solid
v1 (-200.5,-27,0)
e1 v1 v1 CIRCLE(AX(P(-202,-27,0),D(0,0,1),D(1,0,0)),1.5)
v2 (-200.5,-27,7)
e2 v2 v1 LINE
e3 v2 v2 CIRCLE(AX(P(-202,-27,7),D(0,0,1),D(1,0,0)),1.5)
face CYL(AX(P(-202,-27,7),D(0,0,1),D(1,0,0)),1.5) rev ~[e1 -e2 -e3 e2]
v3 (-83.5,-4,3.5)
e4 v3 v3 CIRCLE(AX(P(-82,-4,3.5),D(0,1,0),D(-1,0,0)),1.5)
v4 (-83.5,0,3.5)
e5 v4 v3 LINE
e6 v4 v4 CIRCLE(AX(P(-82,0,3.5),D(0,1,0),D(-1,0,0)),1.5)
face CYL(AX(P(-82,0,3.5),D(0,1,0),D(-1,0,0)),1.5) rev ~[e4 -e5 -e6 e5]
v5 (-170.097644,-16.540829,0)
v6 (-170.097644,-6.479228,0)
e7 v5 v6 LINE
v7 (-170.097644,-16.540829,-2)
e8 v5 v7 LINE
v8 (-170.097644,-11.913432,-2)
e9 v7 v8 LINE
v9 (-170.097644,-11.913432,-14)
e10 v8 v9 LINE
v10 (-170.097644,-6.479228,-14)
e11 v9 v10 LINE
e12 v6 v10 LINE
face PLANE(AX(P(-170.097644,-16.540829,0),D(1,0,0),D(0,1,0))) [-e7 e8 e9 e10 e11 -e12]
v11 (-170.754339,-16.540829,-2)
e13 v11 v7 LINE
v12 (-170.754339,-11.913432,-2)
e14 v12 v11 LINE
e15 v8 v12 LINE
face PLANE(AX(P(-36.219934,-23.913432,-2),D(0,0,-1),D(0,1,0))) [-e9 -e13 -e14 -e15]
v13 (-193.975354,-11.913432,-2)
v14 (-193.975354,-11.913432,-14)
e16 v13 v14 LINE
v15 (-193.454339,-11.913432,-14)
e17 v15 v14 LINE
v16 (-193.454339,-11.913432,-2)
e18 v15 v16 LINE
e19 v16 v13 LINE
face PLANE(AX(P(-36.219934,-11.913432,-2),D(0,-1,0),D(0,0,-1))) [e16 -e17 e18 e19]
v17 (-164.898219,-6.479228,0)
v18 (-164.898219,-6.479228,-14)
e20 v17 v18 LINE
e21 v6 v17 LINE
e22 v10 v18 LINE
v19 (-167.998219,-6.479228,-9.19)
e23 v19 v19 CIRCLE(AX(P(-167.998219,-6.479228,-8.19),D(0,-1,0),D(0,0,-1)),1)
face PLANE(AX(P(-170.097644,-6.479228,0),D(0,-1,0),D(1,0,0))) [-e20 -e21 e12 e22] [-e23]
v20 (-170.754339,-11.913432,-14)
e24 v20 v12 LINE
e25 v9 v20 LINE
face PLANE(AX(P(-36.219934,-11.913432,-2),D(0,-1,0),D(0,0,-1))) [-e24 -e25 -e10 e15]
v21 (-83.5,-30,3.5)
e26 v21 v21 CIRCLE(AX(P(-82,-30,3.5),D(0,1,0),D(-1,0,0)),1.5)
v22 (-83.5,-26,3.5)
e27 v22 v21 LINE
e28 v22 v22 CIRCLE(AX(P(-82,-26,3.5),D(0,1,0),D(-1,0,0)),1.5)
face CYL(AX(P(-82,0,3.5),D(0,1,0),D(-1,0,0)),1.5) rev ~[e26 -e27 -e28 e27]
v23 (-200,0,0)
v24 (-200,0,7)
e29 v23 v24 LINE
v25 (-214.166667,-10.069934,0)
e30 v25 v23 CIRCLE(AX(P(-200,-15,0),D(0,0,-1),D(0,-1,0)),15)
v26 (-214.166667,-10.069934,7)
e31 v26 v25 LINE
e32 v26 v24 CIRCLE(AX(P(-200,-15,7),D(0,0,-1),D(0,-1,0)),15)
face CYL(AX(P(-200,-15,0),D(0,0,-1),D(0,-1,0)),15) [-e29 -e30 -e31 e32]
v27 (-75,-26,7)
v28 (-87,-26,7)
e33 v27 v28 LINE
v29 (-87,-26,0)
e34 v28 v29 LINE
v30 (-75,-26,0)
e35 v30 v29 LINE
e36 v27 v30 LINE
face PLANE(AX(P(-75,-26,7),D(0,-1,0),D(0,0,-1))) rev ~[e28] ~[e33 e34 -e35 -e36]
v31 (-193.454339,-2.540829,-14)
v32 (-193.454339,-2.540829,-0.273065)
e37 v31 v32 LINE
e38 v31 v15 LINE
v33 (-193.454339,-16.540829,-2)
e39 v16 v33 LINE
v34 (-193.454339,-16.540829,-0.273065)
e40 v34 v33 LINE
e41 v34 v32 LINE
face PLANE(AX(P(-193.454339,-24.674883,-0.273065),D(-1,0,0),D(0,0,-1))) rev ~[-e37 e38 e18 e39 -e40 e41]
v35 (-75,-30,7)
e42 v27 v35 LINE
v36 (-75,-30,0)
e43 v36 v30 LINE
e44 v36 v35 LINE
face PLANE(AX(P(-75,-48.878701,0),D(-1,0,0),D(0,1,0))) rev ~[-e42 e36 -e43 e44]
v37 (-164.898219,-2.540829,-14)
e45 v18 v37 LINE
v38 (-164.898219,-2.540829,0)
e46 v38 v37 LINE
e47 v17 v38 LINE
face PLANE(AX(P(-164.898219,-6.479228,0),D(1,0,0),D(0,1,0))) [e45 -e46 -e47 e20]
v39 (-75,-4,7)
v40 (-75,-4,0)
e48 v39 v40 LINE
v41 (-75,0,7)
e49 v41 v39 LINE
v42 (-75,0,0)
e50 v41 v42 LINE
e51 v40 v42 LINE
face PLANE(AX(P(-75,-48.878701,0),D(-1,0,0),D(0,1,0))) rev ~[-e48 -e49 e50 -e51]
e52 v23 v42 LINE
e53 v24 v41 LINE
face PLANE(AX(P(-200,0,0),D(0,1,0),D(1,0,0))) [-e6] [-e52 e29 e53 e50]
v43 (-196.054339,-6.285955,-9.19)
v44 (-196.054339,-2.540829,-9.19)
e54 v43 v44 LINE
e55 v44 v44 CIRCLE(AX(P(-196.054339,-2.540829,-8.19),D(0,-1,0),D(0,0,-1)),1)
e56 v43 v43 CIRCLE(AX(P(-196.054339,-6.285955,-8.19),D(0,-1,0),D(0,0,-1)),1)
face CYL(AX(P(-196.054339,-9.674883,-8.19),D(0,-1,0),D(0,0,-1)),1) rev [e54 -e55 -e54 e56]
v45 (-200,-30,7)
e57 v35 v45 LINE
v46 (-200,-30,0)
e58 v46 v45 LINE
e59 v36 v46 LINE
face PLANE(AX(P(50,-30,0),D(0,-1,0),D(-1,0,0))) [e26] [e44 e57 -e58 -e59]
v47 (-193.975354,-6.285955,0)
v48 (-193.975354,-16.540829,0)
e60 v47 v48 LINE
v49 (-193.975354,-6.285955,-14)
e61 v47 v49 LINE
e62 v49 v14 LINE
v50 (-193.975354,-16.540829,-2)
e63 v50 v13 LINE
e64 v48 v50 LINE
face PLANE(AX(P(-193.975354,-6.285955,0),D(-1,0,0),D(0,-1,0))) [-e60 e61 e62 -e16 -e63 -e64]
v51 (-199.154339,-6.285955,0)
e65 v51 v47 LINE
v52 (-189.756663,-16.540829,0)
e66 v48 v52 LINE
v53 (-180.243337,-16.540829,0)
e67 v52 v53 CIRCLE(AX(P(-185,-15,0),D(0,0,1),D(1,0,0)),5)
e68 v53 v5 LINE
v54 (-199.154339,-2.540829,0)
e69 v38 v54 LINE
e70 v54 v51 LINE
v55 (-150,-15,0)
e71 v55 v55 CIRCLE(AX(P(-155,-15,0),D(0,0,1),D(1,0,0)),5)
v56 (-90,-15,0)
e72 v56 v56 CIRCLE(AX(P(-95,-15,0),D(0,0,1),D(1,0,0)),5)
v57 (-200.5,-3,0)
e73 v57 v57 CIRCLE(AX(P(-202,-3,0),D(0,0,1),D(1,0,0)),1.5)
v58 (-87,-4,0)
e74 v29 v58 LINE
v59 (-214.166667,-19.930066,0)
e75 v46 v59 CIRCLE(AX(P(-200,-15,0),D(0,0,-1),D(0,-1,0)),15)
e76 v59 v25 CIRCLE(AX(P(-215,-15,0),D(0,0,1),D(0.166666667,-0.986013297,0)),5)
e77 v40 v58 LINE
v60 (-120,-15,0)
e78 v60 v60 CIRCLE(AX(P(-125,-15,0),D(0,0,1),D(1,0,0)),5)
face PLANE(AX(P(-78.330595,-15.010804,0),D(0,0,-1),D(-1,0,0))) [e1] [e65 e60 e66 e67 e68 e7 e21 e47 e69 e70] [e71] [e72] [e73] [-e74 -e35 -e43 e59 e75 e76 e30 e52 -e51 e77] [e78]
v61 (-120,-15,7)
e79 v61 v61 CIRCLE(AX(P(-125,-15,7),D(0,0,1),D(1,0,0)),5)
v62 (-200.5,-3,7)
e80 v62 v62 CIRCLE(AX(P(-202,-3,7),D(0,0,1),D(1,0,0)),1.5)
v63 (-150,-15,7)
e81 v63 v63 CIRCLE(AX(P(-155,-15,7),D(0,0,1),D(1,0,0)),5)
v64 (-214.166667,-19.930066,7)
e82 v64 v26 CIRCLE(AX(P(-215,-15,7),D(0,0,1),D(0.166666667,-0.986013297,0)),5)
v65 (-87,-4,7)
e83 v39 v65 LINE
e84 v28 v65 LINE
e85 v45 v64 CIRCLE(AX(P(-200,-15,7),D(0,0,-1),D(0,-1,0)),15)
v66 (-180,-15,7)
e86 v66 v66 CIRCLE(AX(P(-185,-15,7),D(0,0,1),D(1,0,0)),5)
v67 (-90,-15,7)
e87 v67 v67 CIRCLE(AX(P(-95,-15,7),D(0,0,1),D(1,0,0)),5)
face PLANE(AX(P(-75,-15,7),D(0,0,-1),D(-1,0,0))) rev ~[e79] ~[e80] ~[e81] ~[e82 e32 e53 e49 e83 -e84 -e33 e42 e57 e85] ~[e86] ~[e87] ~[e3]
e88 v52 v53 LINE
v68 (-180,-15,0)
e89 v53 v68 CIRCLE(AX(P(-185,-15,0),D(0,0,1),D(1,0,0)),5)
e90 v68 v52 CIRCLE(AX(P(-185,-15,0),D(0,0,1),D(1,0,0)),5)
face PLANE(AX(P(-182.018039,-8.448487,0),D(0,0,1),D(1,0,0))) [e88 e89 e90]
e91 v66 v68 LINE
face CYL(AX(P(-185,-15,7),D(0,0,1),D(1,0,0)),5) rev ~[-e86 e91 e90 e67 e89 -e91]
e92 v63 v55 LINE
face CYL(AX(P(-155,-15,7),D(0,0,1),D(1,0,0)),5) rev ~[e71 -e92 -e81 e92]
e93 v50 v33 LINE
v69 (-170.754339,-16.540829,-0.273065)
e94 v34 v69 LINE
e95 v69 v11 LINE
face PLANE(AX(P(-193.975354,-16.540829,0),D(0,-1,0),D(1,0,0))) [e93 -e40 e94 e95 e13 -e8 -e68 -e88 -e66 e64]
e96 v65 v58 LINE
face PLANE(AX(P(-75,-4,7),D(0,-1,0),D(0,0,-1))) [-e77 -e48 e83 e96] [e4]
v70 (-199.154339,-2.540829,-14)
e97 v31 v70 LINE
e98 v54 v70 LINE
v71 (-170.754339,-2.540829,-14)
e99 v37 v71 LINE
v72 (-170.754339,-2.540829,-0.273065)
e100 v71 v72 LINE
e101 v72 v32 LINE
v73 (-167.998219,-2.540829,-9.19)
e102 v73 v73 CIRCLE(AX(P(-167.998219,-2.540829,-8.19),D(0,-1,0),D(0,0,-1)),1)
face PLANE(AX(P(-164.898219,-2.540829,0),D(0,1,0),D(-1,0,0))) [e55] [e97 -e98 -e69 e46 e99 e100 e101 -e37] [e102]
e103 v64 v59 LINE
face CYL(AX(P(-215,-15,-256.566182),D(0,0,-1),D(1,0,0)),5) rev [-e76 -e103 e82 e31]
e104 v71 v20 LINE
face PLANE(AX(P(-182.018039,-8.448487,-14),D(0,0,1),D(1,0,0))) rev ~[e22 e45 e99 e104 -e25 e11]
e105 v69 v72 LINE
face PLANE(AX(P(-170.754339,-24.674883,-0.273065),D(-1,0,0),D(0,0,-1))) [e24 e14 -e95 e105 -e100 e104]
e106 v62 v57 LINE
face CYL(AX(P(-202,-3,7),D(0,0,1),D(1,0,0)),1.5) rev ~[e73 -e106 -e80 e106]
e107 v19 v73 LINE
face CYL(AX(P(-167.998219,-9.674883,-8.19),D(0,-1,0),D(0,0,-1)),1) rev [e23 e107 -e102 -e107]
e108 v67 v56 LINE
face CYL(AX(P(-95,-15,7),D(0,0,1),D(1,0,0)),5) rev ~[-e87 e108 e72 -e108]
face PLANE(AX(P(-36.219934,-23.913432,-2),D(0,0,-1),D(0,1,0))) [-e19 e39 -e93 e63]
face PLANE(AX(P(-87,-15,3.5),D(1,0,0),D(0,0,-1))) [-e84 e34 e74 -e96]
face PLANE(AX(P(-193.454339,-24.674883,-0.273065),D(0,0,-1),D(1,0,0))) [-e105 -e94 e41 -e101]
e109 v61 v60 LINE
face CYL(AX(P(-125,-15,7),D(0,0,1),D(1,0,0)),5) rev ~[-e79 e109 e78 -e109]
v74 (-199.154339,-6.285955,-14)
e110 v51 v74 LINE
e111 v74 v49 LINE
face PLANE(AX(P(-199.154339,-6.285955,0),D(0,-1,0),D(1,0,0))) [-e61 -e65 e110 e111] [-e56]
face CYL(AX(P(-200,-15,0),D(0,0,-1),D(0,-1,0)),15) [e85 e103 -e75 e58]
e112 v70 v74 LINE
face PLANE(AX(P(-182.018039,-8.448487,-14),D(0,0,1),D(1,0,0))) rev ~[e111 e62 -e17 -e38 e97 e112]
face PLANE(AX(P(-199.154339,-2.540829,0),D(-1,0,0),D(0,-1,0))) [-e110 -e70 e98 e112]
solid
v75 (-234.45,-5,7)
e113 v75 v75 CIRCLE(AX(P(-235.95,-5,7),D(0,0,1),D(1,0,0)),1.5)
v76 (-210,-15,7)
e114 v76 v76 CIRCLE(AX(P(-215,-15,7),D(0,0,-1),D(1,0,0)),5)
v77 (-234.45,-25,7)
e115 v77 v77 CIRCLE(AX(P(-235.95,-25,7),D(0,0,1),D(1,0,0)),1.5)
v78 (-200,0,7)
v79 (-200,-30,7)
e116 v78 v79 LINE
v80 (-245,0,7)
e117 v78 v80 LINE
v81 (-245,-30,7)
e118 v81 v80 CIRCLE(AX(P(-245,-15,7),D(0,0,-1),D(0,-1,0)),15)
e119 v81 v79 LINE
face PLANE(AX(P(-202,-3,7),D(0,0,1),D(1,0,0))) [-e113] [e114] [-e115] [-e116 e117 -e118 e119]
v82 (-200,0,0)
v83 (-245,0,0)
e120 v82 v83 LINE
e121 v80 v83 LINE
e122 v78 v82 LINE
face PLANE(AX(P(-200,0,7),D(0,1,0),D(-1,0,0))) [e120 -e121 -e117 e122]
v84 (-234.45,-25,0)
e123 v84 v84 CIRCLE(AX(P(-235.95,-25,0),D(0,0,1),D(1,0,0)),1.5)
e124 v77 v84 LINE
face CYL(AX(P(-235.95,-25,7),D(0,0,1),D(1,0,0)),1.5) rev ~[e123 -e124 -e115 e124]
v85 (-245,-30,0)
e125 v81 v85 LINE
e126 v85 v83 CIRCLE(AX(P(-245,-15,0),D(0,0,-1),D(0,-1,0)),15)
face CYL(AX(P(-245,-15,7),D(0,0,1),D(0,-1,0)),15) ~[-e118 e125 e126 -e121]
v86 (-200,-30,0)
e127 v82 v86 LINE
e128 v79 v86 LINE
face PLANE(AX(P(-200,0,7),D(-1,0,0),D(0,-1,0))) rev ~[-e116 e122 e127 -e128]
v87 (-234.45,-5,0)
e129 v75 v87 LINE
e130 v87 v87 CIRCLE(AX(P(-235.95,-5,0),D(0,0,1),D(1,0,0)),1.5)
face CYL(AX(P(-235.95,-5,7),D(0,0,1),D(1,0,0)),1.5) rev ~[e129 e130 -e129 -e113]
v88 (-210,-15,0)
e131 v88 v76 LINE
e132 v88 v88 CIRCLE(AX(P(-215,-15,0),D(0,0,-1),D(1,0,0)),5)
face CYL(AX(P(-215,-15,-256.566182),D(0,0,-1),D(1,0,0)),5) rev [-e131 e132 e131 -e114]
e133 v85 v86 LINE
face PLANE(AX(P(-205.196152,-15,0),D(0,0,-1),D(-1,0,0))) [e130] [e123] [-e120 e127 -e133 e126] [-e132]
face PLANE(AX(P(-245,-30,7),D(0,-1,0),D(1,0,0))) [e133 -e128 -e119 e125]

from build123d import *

# Parameters (mm, degrees)
BOSS_EXTRUDE1_DEPTH             = 7
SKETCH2_R                       = 5
CUT_EXTRUDE1_DEPTH              = 7
LPATTERN1_COUNT                 = 7
LPATTERN1_PITCH                 = 30
SKETCH6_R                       = 5
CUT_EXTRUDE2_DEPTH              = 10
BOSS_EXTRUDE2_DEPTH             = 21
CUT_EXTRUDE3_DEPTH              = 21
CUT_EXTRUDE4_REACH              = 220.014
SKETCH9_R                       = 1.5
CUT_EXTRUDE5_REACH              = 220.771
SKETCH10_W                      = 5.271518542
SKETCH10_H                      = 23.219312301
BOSS_EXTRUDE3_DEPTH             = 14
CUT_EXTRUDE6_DEPTH              = 1
CUT_EXTRUDE6_DEPTH_BACK         = 22
SKETCH12_W                      = 22.7
SKETCH12_H                      = 12.3
SKETCH12_H_2                    = 14.702182947
CUT_EXTRUDE7_DEPTH              = 7
CUT_EXTRUDE7_DEPTH_BACK         = 7
SKETCH13_R                      = 1
CUT_EXTRUDE8_REACH              = 184.393
SKETCH14_W                      = 12
SKETCH14_H                      = 12
CUT_EXTRUDE10_REACH             = 220.014
SKETCH16_W                      = 140
SKETCH16_H                      = 71.757581457
CUT_EXTRUDE10_DIRECTION_2_DEPTH = 24
SKETCH17_W                      = 7
SKETCH17_H                      = 22
CUT_EXTRUDE11_DEPTH             = 12
SKETCH18_R                      = 1.5
CUT_EXTRUDE12_DEPTH             = 218.533905403
SKETCH19_R                      = 1.5
CUT_EXTRUDE13_DEPTH             = 219.096309001
SKETCH20_R                      = 1.5
BOSS_EXTRUDE4_DEPTH             = 7
SKETCH21_R                      = 1.5
CUT_EXTRUDE14_DEPTH             = 10
CUT_EXTRUDE15_DEPTH             = 263.566182133
CUT_EXTRUDE15_DEPTH_BACK        = 263.566182133
SKETCH22_R                      = 5


with BuildPart() as part:
    # Sketch1 → Boss-Extrude1 (new body)
    with BuildSketch(Plane.XY):
        with BuildLine():
            Line((-200, 0), (50, 0))
            ThreePointArc((50, 0), (65, -15), (50, -30))
            Line((50, -30), (-200, -30))
            ThreePointArc((-200, -30), (-215, -15), (-200, 0))
        make_face()
    extrude(amount=BOSS_EXTRUDE1_DEPTH)

    # Sketch2 → Cut-Extrude1 (cut)
    with BuildSketch(Plane.XY.offset(7)):
        with Locations((-185, -15)):
            Circle(SKETCH2_R)
    cut_extrude1 = extrude(amount=-CUT_EXTRUDE1_DEPTH, mode=Mode.SUBTRACT)

    # LPattern1: Cut-Extrude1 ×7
    with Locations(*[(i * LPATTERN1_PITCH, 0, 0) for i in range(1, LPATTERN1_COUNT)]):
        add(cut_extrude1, mode=Mode.SUBTRACT)

    # Sketch6 → Cut-Extrude2 (cut)
    with BuildSketch(Plane(origin=(0, 0, 0), x_dir=(-1, 0, 0), z_dir=(0, 0, -1))):
        with Locations((-50, -15)):
            Circle(SKETCH6_R)
    extrude(amount=-CUT_EXTRUDE2_DEPTH, mode=Mode.SUBTRACT)

    # Sketch7 → Boss-Extrude2 (add)
    with BuildSketch(Plane(origin=(0, 0, 0), x_dir=(0, 0, -1), z_dir=(1, 0, 0))):
        with BuildLine():
            Line((20.124409349, -8.046570755), (20.124409349, -21.391782887))
            ThreePointArc((20.124409349, -21.391782887), (10.062204675, -26.149434806), (0, -21.391782887))
            Line((0, -21.391782887), (0, -8.046570755))
            ThreePointArc((0, -8.046570755), (10.062204675, -2.930122505), (20.124409349, -8.046570755))
        make_face()
    extrude(amount=BOSS_EXTRUDE2_DEPTH)

    # Sketch8 → Cut-Extrude3 (cut)
    with BuildSketch(Plane(origin=(21, 0, 0), x_dir=(0, 0, -1), z_dir=(1, 0, 0))):
        with BuildLine():
            Line((0.343653188, -8.603738845), (0.343653188, -21.003738845))
            Line((0.343653188, -21.003738845), (3.251608919, -23.33010343))
            Line((3.251608919, -23.33010343), (6.11482687, -24.672236845))
            Line((6.11482687, -24.672236845), (10.141227113, -25.388041332))
            Line((10.141227113, -25.388041332), (14.122889575, -24.672236845))
            Line((14.122889575, -24.672236845), (17.165058648, -23.33010343))
            Line((17.165058648, -23.33010343), (19.670374355, -20.953281344))
            Line((19.670374355, -20.953281344), (19.670374355, -8.553281344))
            ThreePointArc((19.670374355, -8.553281344), (9.994377841, -3.738573545), (0.343653188, -8.603738845))
        make_face()
    extrude(amount=-CUT_EXTRUDE3_DEPTH, mode=Mode.SUBTRACT)

    # Sketch9 → Cut-Extrude4 (cut, up to next)
    with BuildSketch(Plane(origin=(0, 0, 0), x_dir=(-1, 0, 0), z_dir=(0, 0, -1)), mode=Mode.PRIVATE) as cut_extrude4_sk1:
        with Locations((-29.5, -6.25)):
            Circle(SKETCH9_R)
    cut_extrude4_tool1 = extrude(cut_extrude4_sk1.sketch, amount=-CUT_EXTRUDE4_REACH, mode=Mode.PRIVATE) & part.part
    # Sketch9 → Cut-Extrude4 (cut, up to next)
    with BuildSketch(Plane(origin=(0, 0, 0), x_dir=(-1, 0, 0), z_dir=(0, 0, -1)), mode=Mode.PRIVATE) as cut_extrude4_sk2:
        with Locations((-29.5, -23.75)):
            Circle(SKETCH9_R)
    cut_extrude4_tool2 = extrude(cut_extrude4_sk2.sketch, amount=-CUT_EXTRUDE4_REACH, mode=Mode.PRIVATE) & part.part
    add(cut_extrude4_tool1.solids().sort_by_distance((29.5, -6.25, 0))[0], mode=Mode.SUBTRACT)
    add(cut_extrude4_tool2.solids().sort_by_distance((29.5, -23.75, 0))[0], mode=Mode.SUBTRACT)

    # Cut-Extrude5: up to this face of the body (flat: up to its plane)
    cut_extrude5_end = Plane(part.part.faces().sort_by_distance((-78.33059512, -15.01080435, 0))[0])
    # Sketch10 → Cut-Extrude5 (cut, up to the picked face)
    with BuildSketch(Plane(origin=(0, 0, -20.124409349), x_dir=(-1, 0, 0), z_dir=(0, 0, -1)), mode=Mode.PRIVATE) as cut_extrude5_sk1:
        with Locations((-2.635759271, -14.539778656)):
            Rectangle(SKETCH10_W, SKETCH10_H)
    cut_extrude5_tool1 = split(extrude(cut_extrude5_sk1.sketch, amount=-CUT_EXTRUDE5_REACH, mode=Mode.PRIVATE), bisect_by=cut_extrude5_end, keep=Keep.BOTH, mode=Mode.PRIVATE)
    add(cut_extrude5_tool1.solids().sort_by(Axis((2.635759, -14.539779, -20.124409), (0, 0, 1)))[0], mode=Mode.SUBTRACT)

    # Sketch11 → Boss-Extrude3 (add)
    with BuildSketch(Plane(origin=(0, 0, 0), x_dir=(-1, 0, 0), z_dir=(0, 0, -1))):
        Polygon((60.097644306, -6.420008597), (60.097644306, -23.913431972), (36.21993437, -23.913431972), (36.21993437, -6.613282571), (31.020509523, -6.613282571), (31.020509523, -2.674883318), (65.276628567, -2.674883318), (65.276628567, -6.420008597), align=None)
        Polygon((193.975354243, -6.285954501), (193.975354243, -16.540829221), (170.097644306, -16.540829221), (170.097644306, -6.479228475), (164.898219459, -6.479228475), (164.898219459, -2.540829221), (199.154338504, -2.540829221), (199.154338504, -6.285954501), align=None)
    extrude(amount=BOSS_EXTRUDE3_DEPTH)

    # Sketch12 → Cut-Extrude6 (cut, two sides: drawn at the far end of the back side and taken through both)
    with BuildSketch(Plane(origin=(0, -2.674883318, 0), x_dir=(1, 0, 0), z_dir=(0, 1, 0)).offset(-CUT_EXTRUDE6_DEPTH_BACK)):
        with Locations((-48.226628567, 6.703751831)):
            Rectangle(SKETCH12_W, SKETCH12_H)
        with Locations((-182.104338504, 7.624156034)):
            Rectangle(SKETCH12_W, SKETCH12_H_2)
    extrude(amount=CUT_EXTRUDE6_DEPTH + CUT_EXTRUDE6_DEPTH_BACK, mode=Mode.SUBTRACT)

    # Sketch13 → Cut-Extrude7 (cut, two sides: drawn at the far end of the back side and taken through both)
    with BuildSketch(Plane(origin=(0, -2.674883318, 0), x_dir=(1, 0, 0), z_dir=(0, 1, 0)).offset(-CUT_EXTRUDE7_DEPTH_BACK)):
        with Locations(Location((-167.998219459, 8.19, 0), (0, 0, 90))):
            Circle(SKETCH13_R)
        with Locations(Location((-196.054338504, 8.19, 0), (0, 0, 90))):
            Circle(SKETCH13_R)
        with Locations(Location((-62.176628567, 8.19, 0), (0, 0, 90))):
            Circle(SKETCH13_R)
        with Locations(Location((-34.120509523, 8.19, 0), (0, 0, 90))):
            Circle(SKETCH13_R)
    extrude(amount=CUT_EXTRUDE7_DEPTH + CUT_EXTRUDE7_DEPTH_BACK, mode=Mode.SUBTRACT)

    # Cut-Extrude8: up to this face of the body (flat: up to its plane)
    cut_extrude8_end = Plane(part.part.faces().sort_by_distance((-193.975354243, -11.413391861, -7))[0])
    # Sketch14 → Cut-Extrude8 (cut, up to the picked face)
    with BuildSketch(Plane(origin=(-36.21993437, 0, 0), x_dir=(0, 0, -1), z_dir=(1, 0, 0)), mode=Mode.PRIVATE) as cut_extrude8_sk1:
        with Locations((8, -17.913431972)):
            Rectangle(SKETCH14_W, SKETCH14_H)
    cut_extrude8_tool1 = split(extrude(cut_extrude8_sk1.sketch, amount=-CUT_EXTRUDE8_REACH, mode=Mode.PRIVATE), bisect_by=cut_extrude8_end, keep=Keep.BOTH, mode=Mode.PRIVATE)
    add(cut_extrude8_tool1.solids().sort_by(Axis((-36.219934, -17.913432, -8), (-1, 0, 0)))[0], mode=Mode.SUBTRACT)

    # Sketch16 → Cut-Extrude10 (cut, up to next)
    with BuildSketch(Plane(origin=(0, 0, 0), x_dir=(-1, 0, 0), z_dir=(0, 0, -1)), mode=Mode.PRIVATE) as cut_extrude10_sk1:
        with Locations((5, -12.999910307)):
            Rectangle(SKETCH16_W, SKETCH16_H)
    cut_extrude10_tool1 = extrude(cut_extrude10_sk1.sketch, amount=-CUT_EXTRUDE10_REACH, mode=Mode.PRIVATE) & part.part
    add(cut_extrude10_tool1.solids().sort_by_distance((-5, -12.99991, 0))[0], mode=Mode.SUBTRACT)

    # Sketch16 → Cut-Extrude10 direction 2 (cut)
    with BuildSketch(Plane(origin=(0, 0, 0), x_dir=(-1, 0, 0), z_dir=(0, 0, -1))):
        with Locations((5, -12.999910307)):
            Rectangle(SKETCH16_W, SKETCH16_H)
    extrude(amount=CUT_EXTRUDE10_DIRECTION_2_DEPTH, mode=Mode.SUBTRACT)

    # Sketch17 → Cut-Extrude11 (cut)
    with BuildSketch(Plane(origin=(-75, 0, 0), x_dir=(0, 0, -1), z_dir=(1, 0, 0))):
        with Locations((-3.5, -15)):
            Rectangle(SKETCH17_W, SKETCH17_H)
    extrude(amount=-CUT_EXTRUDE11_DEPTH, mode=Mode.SUBTRACT)

    # Sketch18 → Cut-Extrude12 (cut, through all)
    with BuildSketch(Plane(origin=(0, 0, 0), x_dir=(1, 0, 0), z_dir=(0, 1, 0))):
        with Locations(Location((-82, -3.5, 0), (0, 0, 180))):
            Circle(SKETCH18_R)
    extrude(amount=-CUT_EXTRUDE12_DEPTH, mode=Mode.SUBTRACT)

    # Sketch19 → Cut-Extrude13 (cut, through all)
    with BuildSketch(Plane.XY.offset(7)):
        with Locations((-202, -3)):
            Circle(SKETCH19_R)
        with Locations((-202, -27)):
            Circle(SKETCH19_R)
    extrude(amount=-CUT_EXTRUDE13_DEPTH, mode=Mode.SUBTRACT)


with BuildPart() as body_2:
    # Sketch20 → Boss-Extrude4 (new body)
    # profile 1 of 5: a face of its own
    with BuildSketch(Plane.XY.offset(7)):
        with BuildLine():
            Line((-200, 0), (-245, 0))
            Line((-245, 0), (-245, -30))
            Line((-245, -30), (-200, -30))
            ThreePointArc((-200, -30), (-215, -15), (-200, 0))
        make_face()
    # profile 2 of 5: a face of its own
    with BuildSketch(Plane.XY.offset(7)):
        with BuildLine():
            Line((-245, 0), (-245, -30))
            ThreePointArc((-245, -30), (-260, -15), (-245, 0))
        make_face()
    # profile 3 of 5: a face of its own
    with BuildSketch(Plane.XY.offset(7)):
        with BuildLine():
            Line((-200, 0), (-200, -30))
            ThreePointArc((-200, -30), (-215, -15), (-200, 0))
        make_face()
        with Locations((-202, -27)):
            Circle(SKETCH20_R, mode=Mode.SUBTRACT)
        with Locations((-202, -3)):
            Circle(SKETCH20_R, mode=Mode.SUBTRACT)
    # profile 4 of 5: a face of its own
    with BuildSketch(Plane.XY.offset(7)):
        with Locations((-202, -27)):
            Circle(SKETCH20_R)
    # profile 5 of 5: a face of its own
    with BuildSketch(Plane.XY.offset(7)):
        with Locations((-202, -3)):
            Circle(SKETCH20_R)
    extrude(amount=-BOSS_EXTRUDE4_DEPTH)

    # Sketch21 → Cut-Extrude14 (cut)
    with BuildSketch(Plane.XY.offset(7)):
        with Locations((-235.95, -25)):
            Circle(SKETCH21_R)
        with Locations((-235.95, -5)):
            Circle(SKETCH21_R)
    extrude(amount=-CUT_EXTRUDE14_DEPTH, mode=Mode.SUBTRACT)


with BuildPart() as cut_extrude15_tool:
    # Sketch22 → Cut-Extrude15 (new, two sides: drawn at the far end of the back side and taken through both)
    with BuildSketch(Plane.XY.offset(7).offset(-CUT_EXTRUDE15_DEPTH_BACK)):
        with Locations((-215, -15)):
            Circle(SKETCH22_R)
    extrude(amount=CUT_EXTRUDE15_DEPTH + CUT_EXTRUDE15_DEPTH_BACK)


with BuildPart() as part_1:
    add(part.part)

    # Cut-Extrude15: cut by cut_extrude15_tool
    add(cut_extrude15_tool.part, mode=Mode.SUBTRACT)


with BuildPart() as body_2_1:
    add(body_2.part)

    # Cut-Extrude15: cut by cut_extrude15_tool
    add(cut_extrude15_tool.part, mode=Mode.SUBTRACT)


solid = Compound([part_1.part, body_2_1.part])
